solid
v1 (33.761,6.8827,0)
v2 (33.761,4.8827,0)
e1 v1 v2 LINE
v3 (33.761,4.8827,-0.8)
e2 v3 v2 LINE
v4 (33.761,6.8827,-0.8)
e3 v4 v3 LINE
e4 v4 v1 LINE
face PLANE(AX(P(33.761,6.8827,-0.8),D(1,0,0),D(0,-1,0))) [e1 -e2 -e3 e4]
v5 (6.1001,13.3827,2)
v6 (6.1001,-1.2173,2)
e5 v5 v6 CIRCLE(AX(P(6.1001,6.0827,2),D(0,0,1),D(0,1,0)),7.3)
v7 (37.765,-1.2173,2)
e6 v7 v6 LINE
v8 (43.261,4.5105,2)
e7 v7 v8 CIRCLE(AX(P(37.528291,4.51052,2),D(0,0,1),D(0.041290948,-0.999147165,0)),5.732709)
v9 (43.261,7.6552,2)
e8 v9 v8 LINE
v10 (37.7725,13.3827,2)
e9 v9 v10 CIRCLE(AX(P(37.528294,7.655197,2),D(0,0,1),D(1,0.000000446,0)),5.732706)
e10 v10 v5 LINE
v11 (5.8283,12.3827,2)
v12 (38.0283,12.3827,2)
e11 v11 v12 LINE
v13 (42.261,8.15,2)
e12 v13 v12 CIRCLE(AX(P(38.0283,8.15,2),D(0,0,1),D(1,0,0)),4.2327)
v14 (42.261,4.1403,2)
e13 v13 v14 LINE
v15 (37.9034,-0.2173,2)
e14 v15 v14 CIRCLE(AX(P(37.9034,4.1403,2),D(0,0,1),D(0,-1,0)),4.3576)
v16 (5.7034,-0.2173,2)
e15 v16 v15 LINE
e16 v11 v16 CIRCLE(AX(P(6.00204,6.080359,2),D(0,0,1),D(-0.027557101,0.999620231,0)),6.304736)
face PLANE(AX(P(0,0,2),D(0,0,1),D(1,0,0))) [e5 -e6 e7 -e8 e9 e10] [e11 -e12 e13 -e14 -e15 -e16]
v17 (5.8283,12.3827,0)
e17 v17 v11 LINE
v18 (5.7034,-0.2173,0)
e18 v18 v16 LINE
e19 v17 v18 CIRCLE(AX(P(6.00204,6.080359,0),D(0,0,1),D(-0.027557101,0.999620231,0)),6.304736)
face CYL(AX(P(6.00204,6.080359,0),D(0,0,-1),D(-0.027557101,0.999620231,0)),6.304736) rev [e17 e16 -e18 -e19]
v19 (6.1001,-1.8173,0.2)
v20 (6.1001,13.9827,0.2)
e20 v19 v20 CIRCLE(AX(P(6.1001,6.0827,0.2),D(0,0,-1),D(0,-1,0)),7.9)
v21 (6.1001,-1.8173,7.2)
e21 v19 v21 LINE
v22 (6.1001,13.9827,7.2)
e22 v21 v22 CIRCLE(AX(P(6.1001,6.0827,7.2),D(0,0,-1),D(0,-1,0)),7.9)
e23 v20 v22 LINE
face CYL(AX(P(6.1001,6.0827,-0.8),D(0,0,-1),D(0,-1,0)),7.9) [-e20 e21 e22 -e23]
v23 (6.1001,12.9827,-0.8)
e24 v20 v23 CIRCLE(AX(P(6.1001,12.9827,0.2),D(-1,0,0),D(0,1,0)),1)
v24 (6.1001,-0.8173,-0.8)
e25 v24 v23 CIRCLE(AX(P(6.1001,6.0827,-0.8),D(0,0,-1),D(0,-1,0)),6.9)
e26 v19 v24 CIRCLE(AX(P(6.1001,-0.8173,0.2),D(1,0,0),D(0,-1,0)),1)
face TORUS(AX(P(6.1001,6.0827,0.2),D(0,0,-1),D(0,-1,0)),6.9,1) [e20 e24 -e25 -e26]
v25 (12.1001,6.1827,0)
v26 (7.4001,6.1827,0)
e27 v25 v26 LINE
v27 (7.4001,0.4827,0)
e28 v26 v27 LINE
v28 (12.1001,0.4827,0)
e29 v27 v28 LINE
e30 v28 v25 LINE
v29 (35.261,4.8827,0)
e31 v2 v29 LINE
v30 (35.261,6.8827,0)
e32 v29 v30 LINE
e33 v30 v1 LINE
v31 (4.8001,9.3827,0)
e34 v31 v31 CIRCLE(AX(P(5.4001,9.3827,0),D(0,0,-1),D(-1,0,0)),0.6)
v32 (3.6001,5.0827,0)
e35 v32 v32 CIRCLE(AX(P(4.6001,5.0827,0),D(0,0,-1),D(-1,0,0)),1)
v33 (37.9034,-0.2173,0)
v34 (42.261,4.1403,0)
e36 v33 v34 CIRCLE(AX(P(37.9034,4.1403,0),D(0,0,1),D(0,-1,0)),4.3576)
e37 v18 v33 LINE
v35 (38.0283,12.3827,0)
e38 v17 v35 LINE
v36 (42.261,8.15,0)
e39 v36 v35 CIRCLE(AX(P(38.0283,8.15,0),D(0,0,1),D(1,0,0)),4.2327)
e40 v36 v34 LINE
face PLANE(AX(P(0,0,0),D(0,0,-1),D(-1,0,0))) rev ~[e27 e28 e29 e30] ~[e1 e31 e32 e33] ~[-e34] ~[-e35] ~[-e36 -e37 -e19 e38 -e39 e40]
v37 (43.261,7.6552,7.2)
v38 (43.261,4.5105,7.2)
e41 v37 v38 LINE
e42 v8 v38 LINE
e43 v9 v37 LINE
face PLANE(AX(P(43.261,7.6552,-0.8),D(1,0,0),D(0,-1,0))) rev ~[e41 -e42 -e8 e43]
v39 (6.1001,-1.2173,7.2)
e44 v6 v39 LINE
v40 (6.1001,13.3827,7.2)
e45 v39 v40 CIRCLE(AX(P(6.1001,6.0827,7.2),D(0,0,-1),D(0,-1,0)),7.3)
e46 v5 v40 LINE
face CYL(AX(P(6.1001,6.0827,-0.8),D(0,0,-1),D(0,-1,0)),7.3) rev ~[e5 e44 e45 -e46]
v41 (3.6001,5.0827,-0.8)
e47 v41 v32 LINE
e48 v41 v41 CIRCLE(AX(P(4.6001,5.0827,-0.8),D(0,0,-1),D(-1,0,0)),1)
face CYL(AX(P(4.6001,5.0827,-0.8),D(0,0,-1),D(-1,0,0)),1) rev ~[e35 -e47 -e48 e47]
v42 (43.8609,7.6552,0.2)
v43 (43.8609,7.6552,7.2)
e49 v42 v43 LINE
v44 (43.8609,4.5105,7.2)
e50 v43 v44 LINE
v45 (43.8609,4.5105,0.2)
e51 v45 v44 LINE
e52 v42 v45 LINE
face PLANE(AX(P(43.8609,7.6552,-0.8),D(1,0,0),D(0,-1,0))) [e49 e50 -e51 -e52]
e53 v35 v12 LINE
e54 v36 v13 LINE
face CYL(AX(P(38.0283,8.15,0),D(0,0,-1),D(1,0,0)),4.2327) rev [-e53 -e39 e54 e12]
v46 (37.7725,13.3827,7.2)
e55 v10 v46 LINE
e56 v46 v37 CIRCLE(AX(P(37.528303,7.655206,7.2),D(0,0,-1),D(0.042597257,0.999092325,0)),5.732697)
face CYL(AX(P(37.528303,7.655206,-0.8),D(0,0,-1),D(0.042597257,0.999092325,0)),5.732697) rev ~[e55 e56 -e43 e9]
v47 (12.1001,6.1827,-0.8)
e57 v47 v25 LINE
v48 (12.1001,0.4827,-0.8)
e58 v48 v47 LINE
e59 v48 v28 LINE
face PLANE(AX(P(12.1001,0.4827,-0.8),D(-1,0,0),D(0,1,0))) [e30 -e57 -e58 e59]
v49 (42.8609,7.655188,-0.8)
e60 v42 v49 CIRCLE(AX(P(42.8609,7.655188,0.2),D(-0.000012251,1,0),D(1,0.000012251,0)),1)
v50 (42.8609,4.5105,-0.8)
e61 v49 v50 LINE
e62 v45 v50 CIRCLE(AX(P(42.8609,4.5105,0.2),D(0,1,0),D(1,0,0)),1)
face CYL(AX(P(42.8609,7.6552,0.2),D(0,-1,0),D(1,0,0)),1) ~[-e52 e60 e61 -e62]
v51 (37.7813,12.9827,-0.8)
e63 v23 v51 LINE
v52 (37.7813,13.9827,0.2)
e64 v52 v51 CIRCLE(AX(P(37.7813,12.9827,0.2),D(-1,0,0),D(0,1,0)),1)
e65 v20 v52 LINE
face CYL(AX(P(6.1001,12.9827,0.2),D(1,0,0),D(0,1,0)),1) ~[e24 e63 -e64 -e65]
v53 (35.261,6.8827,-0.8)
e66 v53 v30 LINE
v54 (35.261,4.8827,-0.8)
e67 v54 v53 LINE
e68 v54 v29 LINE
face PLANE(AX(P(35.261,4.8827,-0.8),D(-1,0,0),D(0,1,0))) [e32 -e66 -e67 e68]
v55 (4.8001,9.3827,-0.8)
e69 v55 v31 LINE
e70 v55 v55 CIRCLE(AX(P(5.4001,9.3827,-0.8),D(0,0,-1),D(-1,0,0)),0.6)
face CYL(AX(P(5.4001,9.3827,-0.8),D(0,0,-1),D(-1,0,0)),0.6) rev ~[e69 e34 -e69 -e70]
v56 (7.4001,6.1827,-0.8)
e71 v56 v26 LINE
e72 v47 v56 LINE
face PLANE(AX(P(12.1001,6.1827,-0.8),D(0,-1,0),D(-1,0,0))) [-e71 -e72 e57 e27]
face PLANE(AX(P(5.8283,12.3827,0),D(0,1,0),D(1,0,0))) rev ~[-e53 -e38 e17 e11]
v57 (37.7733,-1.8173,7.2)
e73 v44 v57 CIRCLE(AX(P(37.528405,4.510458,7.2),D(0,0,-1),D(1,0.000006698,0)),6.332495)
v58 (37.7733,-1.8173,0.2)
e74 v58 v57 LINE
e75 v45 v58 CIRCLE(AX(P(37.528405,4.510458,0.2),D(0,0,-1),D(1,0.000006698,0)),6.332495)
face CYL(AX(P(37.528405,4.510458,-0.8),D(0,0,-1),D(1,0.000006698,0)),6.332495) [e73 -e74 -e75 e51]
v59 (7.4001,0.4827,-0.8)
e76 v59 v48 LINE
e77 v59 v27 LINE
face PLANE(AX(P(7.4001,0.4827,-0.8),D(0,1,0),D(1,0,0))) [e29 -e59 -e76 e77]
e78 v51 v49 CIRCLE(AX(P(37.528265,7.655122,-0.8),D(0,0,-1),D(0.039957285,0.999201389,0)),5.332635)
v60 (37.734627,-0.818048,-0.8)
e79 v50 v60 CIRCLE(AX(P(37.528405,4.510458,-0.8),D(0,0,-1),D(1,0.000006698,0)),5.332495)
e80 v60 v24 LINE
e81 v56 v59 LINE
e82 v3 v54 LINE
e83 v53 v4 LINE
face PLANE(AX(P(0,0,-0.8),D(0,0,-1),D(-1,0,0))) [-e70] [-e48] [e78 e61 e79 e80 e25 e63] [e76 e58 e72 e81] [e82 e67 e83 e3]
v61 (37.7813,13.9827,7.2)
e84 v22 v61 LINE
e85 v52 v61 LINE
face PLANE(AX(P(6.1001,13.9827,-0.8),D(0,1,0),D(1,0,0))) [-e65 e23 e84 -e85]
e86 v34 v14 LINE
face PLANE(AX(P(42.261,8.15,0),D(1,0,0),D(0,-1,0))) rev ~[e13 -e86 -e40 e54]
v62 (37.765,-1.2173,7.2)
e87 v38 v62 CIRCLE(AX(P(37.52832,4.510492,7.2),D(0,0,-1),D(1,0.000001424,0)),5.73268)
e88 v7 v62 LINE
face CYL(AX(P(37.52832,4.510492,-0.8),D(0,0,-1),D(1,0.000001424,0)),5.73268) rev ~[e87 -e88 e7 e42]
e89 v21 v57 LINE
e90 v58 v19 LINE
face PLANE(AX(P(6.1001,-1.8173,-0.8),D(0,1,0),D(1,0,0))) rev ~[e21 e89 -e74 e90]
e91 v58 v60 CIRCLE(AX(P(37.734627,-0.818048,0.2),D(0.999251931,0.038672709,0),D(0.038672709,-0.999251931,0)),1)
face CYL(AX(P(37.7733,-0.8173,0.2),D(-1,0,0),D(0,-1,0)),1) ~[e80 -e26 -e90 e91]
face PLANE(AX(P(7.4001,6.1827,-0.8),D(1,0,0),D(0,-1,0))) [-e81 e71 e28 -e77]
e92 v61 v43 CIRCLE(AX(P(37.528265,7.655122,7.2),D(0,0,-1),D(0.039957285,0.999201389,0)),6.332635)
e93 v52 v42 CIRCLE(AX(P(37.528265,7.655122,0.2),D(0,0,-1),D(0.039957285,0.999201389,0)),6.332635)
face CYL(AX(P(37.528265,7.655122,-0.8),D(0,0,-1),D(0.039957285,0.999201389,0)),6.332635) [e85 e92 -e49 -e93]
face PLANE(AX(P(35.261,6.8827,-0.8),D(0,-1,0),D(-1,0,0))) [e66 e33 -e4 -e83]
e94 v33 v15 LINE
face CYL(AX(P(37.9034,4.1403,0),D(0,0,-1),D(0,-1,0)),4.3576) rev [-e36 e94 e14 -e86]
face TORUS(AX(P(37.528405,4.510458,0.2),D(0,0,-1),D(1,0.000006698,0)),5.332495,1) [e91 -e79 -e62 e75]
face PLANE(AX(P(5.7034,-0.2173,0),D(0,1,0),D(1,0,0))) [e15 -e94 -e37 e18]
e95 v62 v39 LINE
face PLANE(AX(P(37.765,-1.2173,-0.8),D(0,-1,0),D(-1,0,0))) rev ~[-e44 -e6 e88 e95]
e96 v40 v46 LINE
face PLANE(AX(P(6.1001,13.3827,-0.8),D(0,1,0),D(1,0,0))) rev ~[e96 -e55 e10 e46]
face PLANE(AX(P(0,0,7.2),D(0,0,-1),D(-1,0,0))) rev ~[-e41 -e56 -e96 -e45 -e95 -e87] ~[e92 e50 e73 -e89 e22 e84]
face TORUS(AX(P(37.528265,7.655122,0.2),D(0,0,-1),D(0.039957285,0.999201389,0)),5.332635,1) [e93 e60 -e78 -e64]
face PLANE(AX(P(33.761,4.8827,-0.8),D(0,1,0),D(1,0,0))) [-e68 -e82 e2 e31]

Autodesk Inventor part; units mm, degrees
ref_plane "YZ Plane" through (0, 0, 0) normal (1, 0, 0) x (0, 1, 0)
ref_plane "XZ Plane" through (0, 0, 0) normal (0, 1, 0) x (-1, 0, 0)
ref_plane "XY Plane" through (0, 0, 0) normal (0, 0, 1) x (1, 0, 0)
sketch "Эскиз1" plane through (0, 0, 0) normal (0, 0, 1) x (1, 0, 0)
  arc A0 (37.9034, -0.2173) -> (42.261, 4.1403) centre (37.9034, 4.1403) ccw
  arc A1 (42.261, 8.15) -> (38.0283, 12.3827) centre (38.0283, 8.15) ccw
  arc A2 (43.261, 7.6552) -> (37.7725, 13.3827) centre (37.5283, 7.6552) ccw
  arc A3 (37.765, -1.2173) -> (43.261, 4.5105) centre (37.5283, 4.5105) ccw
  line L0 (37.765, -1.2173) -> (6.1001, -1.2173)
  line L1 (5.7034, -0.2173) -> (37.9034, -0.2173)
  line L2 (5.8283, 12.3827) -> (5.7034, -0.2173) construction
  arc A4 (5.8283, 12.3827) -> (5.7034, -0.2173) centre (6.0021, 6.0803) ccw
  arc A5 (6.1001, 13.3827) -> (6.1001, -1.2173) centre (6.1001, 6.0827) ccw
  line L3 (5.8283, 12.3827) -> (38.0283, 12.3827)
  line L4 (5.8283, 12.3827) -> (18.4289, 12.3827) construction
  line L5 (37.7725, 13.3827) -> (6.1001, 13.3827)
  line L6 (42.261, 8.15) -> (42.261, 4.1403)
  line L7 (43.261, 7.6552) -> (43.261, 4.5105)
  point P0 (0, 0)
  point P1 (0, 0)
  point P2 (0, 0)
  dimension "d10" = 1.5
  dimension "d0" = 90.568
  dimension "d1" = 4.2327
  dimension "d2" = 5.7327
  dimension "d3" = 5.7327
  dimension "d4" = 1
  dimension "d5" = 1
  dimension "d6" = 12.6
  dimension "d7" = 32.2
  dimension "d8" = 32.2
  dimension "d9" = 1
extrude "main_walls" add sketch "Эскиз1" along normal blind 2
sketch "Эскиз2" plane through (0, 0, 0) normal (0, 0, -1) x (-1, 0, 0)
  line L0 (-6.1001, 13.3827) -> (-37.7725, 13.3827) projected
  arc A0 (-37.7725, 13.3827) -> (-43.261, 7.6552) centre (-37.5283, 7.6552) ccw projected
  line L1 (-43.261, 7.6552) -> (-43.261, 4.5105) projected
  arc A1 (-43.261, 4.5105) -> (-37.765, -1.2173) centre (-37.5283, 4.5105) ccw projected
  line L2 (-37.765, -1.2173) -> (-6.1001, -1.2173) projected
  arc A2 (-6.1001, -1.2173) -> (-6.1001, 13.3827) centre (-6.1001, 6.0827) ccw projected
  point P0 (0, 0)
extrude "top" add sketch "Эскиз2" along normal blind 0.8
sketch "Эскиз3" plane through (0, 0, -0.8) normal (0, 0, -1) x (-1, 0, 0)
  line L0 (-6.1001, 13.3827) -> (-37.7725, 13.3827) projected
  arc A0 (-37.7725, 13.3827) -> (-43.261, 7.6552) centre (-37.5283, 7.6552) ccw projected
  line L1 (-43.261, 7.6552) -> (-43.261, 4.5105) projected
  arc A1 (-43.261, 4.5105) -> (-37.765, -1.2173) centre (-37.5283, 4.5105) ccw projected
  line L2 (-37.765, -1.2173) -> (-6.1001, -1.2173) projected
  arc A2 (-6.1001, -1.2173) -> (-6.1001, 13.3827) centre (-6.1001, 6.0827) ccw projected
  line L3 (1.1999, -1.8994) -> (1.1999, 13.1826)
  line L4 (-7.4001, 0.4827) -> (-12.1001, 0.4827)
  line L5 (-12.1001, 0.4827) -> (-12.1001, 6.1827)
  line L6 (-12.1001, 6.1827) -> (-7.4001, 6.1827)
  line L7 (-7.4001, 6.1827) -> (-7.4001, 0.4827)
  circle A3 centre (-4.6001, 5.0827) radius 1
  circle A4 centre (-5.4001, 9.3827) radius 0.6
  line L8 (-33.761, 4.8827) -> (-35.261, 4.8827)
  line L9 (-35.261, 4.8827) -> (-35.261, 6.8827)
  line L10 (-35.261, 6.8827) -> (-33.761, 6.8827)
  line L11 (-33.761, 6.8827) -> (-33.761, 4.8827)
  point P0 (0, 0)
  dimension "d15" = 4.7
  dimension "d16" = 5.7
  dimension "d17" = 1.7
  dimension "d18" = 2
  dimension "d19" = 1.2
  dimension "d20" = 5.8
  dimension "d21" = 2.8
  dimension "d22" = 6.3
  dimension "d23" = 4
  dimension "d24" = 0.8
  dimension "d25" = 1.5
  dimension "d26" = 2
  dimension "d27" = 6.1
  dimension "d28" = 8
extrude "Выдавливание5" cut sketch "Эскиз3" against normal blind 1.8 contours L4 L5 L6 L7 | A3 | A4 | L8 L9 L10 L11
sketch "Эскиз8" plane through (0, 0, -0.8) normal (0, 0, -1) x (-1, 0, 0)
  line L0 (-33.761, 6.8827) -> (-33.761, 4.8827) projected
  line L1 (-33.761, 4.8827) -> (-35.261, 4.8827) projected
  line L2 (-35.261, 4.8827) -> (-35.261, 6.8827) projected
  line L3 (-35.261, 6.8827) -> (-33.761, 6.8827) projected
  circle A0 centre (-4.6001, 5.0827) radius 1 projected
  circle A1 centre (-5.4001, 9.3827) radius 0.6 projected
  line L4 (-7.4001, 6.1827) -> (-7.4001, 0.4827) projected
  line L5 (-7.4001, 0.4827) -> (-12.1001, 0.4827) projected
  line L6 (-12.1001, 0.4827) -> (-12.1001, 6.1827) projected
  line L7 (-12.1001, 6.1827) -> (-7.4001, 6.1827) projected
  line L8 (-6.1001, 13.3827) -> (-37.7725, 13.3827) projected
  arc A2 (-37.7725, 13.3827) -> (-43.261, 7.6552) centre (-37.5283, 7.6552) ccw projected
  line L9 (-43.261, 7.6552) -> (-43.261, 4.5105) projected
  arc A3 (-43.261, 4.5105) -> (-37.765, -1.2173) centre (-37.5283, 4.5105) ccw projected
  line L10 (-37.765, -1.2173) -> (-6.1001, -1.2173) projected
  arc A4 (-6.1001, -1.2173) -> (-6.1001, 13.3827) centre (-6.1001, 6.0827) ccw projected
  arc A5 (-6.1001, -1.8173) -> (-6.1001, 13.9827) centre (-6.1001, 6.0827) ccw
  line L11 (-6.1001, 13.9827) -> (-37.7813, 13.9827)
  line L12 (-6.1001, -1.8173) -> (-37.7733, -1.8173)
  arc A6 (-43.8609, 4.5105) -> (-37.7733, -1.8173) centre (-37.5283, 4.5105) ccw
  arc A7 (-37.7813, 13.9827) -> (-43.8609, 7.6552) centre (-37.5283, 7.6552) ccw
  line L13 (-43.8609, 7.6552) -> (-43.8609, 4.5105)
  point P0 (0, 0)
  dimension "d73" = 7.3
  dimension "d74" = 7.9
extrude "Выдавливание8" add sketch "Эскиз8" against normal blind 8 contours L12 A6 L13 A7 L11 A5
fillet "Сопряжение3" radius 1 6 edges at (-1.7999, 6.0827, -0.8) (21.9407, 13.9827, -0.8) (21.9367, -1.8173, -0.8) (42.0919, 0.1202, -0.8) (42.0947, 12.0426, -0.8) (43.8609, 6.0828, -0.8)
equation "\"d2\" = d1 + d10"
equation "\"d3\" = d1 + d10"
equation "\"d5\" = d4"
equation "\"d7\" = d8"
equation "\"d9\" = d4"
properties part number "top"
